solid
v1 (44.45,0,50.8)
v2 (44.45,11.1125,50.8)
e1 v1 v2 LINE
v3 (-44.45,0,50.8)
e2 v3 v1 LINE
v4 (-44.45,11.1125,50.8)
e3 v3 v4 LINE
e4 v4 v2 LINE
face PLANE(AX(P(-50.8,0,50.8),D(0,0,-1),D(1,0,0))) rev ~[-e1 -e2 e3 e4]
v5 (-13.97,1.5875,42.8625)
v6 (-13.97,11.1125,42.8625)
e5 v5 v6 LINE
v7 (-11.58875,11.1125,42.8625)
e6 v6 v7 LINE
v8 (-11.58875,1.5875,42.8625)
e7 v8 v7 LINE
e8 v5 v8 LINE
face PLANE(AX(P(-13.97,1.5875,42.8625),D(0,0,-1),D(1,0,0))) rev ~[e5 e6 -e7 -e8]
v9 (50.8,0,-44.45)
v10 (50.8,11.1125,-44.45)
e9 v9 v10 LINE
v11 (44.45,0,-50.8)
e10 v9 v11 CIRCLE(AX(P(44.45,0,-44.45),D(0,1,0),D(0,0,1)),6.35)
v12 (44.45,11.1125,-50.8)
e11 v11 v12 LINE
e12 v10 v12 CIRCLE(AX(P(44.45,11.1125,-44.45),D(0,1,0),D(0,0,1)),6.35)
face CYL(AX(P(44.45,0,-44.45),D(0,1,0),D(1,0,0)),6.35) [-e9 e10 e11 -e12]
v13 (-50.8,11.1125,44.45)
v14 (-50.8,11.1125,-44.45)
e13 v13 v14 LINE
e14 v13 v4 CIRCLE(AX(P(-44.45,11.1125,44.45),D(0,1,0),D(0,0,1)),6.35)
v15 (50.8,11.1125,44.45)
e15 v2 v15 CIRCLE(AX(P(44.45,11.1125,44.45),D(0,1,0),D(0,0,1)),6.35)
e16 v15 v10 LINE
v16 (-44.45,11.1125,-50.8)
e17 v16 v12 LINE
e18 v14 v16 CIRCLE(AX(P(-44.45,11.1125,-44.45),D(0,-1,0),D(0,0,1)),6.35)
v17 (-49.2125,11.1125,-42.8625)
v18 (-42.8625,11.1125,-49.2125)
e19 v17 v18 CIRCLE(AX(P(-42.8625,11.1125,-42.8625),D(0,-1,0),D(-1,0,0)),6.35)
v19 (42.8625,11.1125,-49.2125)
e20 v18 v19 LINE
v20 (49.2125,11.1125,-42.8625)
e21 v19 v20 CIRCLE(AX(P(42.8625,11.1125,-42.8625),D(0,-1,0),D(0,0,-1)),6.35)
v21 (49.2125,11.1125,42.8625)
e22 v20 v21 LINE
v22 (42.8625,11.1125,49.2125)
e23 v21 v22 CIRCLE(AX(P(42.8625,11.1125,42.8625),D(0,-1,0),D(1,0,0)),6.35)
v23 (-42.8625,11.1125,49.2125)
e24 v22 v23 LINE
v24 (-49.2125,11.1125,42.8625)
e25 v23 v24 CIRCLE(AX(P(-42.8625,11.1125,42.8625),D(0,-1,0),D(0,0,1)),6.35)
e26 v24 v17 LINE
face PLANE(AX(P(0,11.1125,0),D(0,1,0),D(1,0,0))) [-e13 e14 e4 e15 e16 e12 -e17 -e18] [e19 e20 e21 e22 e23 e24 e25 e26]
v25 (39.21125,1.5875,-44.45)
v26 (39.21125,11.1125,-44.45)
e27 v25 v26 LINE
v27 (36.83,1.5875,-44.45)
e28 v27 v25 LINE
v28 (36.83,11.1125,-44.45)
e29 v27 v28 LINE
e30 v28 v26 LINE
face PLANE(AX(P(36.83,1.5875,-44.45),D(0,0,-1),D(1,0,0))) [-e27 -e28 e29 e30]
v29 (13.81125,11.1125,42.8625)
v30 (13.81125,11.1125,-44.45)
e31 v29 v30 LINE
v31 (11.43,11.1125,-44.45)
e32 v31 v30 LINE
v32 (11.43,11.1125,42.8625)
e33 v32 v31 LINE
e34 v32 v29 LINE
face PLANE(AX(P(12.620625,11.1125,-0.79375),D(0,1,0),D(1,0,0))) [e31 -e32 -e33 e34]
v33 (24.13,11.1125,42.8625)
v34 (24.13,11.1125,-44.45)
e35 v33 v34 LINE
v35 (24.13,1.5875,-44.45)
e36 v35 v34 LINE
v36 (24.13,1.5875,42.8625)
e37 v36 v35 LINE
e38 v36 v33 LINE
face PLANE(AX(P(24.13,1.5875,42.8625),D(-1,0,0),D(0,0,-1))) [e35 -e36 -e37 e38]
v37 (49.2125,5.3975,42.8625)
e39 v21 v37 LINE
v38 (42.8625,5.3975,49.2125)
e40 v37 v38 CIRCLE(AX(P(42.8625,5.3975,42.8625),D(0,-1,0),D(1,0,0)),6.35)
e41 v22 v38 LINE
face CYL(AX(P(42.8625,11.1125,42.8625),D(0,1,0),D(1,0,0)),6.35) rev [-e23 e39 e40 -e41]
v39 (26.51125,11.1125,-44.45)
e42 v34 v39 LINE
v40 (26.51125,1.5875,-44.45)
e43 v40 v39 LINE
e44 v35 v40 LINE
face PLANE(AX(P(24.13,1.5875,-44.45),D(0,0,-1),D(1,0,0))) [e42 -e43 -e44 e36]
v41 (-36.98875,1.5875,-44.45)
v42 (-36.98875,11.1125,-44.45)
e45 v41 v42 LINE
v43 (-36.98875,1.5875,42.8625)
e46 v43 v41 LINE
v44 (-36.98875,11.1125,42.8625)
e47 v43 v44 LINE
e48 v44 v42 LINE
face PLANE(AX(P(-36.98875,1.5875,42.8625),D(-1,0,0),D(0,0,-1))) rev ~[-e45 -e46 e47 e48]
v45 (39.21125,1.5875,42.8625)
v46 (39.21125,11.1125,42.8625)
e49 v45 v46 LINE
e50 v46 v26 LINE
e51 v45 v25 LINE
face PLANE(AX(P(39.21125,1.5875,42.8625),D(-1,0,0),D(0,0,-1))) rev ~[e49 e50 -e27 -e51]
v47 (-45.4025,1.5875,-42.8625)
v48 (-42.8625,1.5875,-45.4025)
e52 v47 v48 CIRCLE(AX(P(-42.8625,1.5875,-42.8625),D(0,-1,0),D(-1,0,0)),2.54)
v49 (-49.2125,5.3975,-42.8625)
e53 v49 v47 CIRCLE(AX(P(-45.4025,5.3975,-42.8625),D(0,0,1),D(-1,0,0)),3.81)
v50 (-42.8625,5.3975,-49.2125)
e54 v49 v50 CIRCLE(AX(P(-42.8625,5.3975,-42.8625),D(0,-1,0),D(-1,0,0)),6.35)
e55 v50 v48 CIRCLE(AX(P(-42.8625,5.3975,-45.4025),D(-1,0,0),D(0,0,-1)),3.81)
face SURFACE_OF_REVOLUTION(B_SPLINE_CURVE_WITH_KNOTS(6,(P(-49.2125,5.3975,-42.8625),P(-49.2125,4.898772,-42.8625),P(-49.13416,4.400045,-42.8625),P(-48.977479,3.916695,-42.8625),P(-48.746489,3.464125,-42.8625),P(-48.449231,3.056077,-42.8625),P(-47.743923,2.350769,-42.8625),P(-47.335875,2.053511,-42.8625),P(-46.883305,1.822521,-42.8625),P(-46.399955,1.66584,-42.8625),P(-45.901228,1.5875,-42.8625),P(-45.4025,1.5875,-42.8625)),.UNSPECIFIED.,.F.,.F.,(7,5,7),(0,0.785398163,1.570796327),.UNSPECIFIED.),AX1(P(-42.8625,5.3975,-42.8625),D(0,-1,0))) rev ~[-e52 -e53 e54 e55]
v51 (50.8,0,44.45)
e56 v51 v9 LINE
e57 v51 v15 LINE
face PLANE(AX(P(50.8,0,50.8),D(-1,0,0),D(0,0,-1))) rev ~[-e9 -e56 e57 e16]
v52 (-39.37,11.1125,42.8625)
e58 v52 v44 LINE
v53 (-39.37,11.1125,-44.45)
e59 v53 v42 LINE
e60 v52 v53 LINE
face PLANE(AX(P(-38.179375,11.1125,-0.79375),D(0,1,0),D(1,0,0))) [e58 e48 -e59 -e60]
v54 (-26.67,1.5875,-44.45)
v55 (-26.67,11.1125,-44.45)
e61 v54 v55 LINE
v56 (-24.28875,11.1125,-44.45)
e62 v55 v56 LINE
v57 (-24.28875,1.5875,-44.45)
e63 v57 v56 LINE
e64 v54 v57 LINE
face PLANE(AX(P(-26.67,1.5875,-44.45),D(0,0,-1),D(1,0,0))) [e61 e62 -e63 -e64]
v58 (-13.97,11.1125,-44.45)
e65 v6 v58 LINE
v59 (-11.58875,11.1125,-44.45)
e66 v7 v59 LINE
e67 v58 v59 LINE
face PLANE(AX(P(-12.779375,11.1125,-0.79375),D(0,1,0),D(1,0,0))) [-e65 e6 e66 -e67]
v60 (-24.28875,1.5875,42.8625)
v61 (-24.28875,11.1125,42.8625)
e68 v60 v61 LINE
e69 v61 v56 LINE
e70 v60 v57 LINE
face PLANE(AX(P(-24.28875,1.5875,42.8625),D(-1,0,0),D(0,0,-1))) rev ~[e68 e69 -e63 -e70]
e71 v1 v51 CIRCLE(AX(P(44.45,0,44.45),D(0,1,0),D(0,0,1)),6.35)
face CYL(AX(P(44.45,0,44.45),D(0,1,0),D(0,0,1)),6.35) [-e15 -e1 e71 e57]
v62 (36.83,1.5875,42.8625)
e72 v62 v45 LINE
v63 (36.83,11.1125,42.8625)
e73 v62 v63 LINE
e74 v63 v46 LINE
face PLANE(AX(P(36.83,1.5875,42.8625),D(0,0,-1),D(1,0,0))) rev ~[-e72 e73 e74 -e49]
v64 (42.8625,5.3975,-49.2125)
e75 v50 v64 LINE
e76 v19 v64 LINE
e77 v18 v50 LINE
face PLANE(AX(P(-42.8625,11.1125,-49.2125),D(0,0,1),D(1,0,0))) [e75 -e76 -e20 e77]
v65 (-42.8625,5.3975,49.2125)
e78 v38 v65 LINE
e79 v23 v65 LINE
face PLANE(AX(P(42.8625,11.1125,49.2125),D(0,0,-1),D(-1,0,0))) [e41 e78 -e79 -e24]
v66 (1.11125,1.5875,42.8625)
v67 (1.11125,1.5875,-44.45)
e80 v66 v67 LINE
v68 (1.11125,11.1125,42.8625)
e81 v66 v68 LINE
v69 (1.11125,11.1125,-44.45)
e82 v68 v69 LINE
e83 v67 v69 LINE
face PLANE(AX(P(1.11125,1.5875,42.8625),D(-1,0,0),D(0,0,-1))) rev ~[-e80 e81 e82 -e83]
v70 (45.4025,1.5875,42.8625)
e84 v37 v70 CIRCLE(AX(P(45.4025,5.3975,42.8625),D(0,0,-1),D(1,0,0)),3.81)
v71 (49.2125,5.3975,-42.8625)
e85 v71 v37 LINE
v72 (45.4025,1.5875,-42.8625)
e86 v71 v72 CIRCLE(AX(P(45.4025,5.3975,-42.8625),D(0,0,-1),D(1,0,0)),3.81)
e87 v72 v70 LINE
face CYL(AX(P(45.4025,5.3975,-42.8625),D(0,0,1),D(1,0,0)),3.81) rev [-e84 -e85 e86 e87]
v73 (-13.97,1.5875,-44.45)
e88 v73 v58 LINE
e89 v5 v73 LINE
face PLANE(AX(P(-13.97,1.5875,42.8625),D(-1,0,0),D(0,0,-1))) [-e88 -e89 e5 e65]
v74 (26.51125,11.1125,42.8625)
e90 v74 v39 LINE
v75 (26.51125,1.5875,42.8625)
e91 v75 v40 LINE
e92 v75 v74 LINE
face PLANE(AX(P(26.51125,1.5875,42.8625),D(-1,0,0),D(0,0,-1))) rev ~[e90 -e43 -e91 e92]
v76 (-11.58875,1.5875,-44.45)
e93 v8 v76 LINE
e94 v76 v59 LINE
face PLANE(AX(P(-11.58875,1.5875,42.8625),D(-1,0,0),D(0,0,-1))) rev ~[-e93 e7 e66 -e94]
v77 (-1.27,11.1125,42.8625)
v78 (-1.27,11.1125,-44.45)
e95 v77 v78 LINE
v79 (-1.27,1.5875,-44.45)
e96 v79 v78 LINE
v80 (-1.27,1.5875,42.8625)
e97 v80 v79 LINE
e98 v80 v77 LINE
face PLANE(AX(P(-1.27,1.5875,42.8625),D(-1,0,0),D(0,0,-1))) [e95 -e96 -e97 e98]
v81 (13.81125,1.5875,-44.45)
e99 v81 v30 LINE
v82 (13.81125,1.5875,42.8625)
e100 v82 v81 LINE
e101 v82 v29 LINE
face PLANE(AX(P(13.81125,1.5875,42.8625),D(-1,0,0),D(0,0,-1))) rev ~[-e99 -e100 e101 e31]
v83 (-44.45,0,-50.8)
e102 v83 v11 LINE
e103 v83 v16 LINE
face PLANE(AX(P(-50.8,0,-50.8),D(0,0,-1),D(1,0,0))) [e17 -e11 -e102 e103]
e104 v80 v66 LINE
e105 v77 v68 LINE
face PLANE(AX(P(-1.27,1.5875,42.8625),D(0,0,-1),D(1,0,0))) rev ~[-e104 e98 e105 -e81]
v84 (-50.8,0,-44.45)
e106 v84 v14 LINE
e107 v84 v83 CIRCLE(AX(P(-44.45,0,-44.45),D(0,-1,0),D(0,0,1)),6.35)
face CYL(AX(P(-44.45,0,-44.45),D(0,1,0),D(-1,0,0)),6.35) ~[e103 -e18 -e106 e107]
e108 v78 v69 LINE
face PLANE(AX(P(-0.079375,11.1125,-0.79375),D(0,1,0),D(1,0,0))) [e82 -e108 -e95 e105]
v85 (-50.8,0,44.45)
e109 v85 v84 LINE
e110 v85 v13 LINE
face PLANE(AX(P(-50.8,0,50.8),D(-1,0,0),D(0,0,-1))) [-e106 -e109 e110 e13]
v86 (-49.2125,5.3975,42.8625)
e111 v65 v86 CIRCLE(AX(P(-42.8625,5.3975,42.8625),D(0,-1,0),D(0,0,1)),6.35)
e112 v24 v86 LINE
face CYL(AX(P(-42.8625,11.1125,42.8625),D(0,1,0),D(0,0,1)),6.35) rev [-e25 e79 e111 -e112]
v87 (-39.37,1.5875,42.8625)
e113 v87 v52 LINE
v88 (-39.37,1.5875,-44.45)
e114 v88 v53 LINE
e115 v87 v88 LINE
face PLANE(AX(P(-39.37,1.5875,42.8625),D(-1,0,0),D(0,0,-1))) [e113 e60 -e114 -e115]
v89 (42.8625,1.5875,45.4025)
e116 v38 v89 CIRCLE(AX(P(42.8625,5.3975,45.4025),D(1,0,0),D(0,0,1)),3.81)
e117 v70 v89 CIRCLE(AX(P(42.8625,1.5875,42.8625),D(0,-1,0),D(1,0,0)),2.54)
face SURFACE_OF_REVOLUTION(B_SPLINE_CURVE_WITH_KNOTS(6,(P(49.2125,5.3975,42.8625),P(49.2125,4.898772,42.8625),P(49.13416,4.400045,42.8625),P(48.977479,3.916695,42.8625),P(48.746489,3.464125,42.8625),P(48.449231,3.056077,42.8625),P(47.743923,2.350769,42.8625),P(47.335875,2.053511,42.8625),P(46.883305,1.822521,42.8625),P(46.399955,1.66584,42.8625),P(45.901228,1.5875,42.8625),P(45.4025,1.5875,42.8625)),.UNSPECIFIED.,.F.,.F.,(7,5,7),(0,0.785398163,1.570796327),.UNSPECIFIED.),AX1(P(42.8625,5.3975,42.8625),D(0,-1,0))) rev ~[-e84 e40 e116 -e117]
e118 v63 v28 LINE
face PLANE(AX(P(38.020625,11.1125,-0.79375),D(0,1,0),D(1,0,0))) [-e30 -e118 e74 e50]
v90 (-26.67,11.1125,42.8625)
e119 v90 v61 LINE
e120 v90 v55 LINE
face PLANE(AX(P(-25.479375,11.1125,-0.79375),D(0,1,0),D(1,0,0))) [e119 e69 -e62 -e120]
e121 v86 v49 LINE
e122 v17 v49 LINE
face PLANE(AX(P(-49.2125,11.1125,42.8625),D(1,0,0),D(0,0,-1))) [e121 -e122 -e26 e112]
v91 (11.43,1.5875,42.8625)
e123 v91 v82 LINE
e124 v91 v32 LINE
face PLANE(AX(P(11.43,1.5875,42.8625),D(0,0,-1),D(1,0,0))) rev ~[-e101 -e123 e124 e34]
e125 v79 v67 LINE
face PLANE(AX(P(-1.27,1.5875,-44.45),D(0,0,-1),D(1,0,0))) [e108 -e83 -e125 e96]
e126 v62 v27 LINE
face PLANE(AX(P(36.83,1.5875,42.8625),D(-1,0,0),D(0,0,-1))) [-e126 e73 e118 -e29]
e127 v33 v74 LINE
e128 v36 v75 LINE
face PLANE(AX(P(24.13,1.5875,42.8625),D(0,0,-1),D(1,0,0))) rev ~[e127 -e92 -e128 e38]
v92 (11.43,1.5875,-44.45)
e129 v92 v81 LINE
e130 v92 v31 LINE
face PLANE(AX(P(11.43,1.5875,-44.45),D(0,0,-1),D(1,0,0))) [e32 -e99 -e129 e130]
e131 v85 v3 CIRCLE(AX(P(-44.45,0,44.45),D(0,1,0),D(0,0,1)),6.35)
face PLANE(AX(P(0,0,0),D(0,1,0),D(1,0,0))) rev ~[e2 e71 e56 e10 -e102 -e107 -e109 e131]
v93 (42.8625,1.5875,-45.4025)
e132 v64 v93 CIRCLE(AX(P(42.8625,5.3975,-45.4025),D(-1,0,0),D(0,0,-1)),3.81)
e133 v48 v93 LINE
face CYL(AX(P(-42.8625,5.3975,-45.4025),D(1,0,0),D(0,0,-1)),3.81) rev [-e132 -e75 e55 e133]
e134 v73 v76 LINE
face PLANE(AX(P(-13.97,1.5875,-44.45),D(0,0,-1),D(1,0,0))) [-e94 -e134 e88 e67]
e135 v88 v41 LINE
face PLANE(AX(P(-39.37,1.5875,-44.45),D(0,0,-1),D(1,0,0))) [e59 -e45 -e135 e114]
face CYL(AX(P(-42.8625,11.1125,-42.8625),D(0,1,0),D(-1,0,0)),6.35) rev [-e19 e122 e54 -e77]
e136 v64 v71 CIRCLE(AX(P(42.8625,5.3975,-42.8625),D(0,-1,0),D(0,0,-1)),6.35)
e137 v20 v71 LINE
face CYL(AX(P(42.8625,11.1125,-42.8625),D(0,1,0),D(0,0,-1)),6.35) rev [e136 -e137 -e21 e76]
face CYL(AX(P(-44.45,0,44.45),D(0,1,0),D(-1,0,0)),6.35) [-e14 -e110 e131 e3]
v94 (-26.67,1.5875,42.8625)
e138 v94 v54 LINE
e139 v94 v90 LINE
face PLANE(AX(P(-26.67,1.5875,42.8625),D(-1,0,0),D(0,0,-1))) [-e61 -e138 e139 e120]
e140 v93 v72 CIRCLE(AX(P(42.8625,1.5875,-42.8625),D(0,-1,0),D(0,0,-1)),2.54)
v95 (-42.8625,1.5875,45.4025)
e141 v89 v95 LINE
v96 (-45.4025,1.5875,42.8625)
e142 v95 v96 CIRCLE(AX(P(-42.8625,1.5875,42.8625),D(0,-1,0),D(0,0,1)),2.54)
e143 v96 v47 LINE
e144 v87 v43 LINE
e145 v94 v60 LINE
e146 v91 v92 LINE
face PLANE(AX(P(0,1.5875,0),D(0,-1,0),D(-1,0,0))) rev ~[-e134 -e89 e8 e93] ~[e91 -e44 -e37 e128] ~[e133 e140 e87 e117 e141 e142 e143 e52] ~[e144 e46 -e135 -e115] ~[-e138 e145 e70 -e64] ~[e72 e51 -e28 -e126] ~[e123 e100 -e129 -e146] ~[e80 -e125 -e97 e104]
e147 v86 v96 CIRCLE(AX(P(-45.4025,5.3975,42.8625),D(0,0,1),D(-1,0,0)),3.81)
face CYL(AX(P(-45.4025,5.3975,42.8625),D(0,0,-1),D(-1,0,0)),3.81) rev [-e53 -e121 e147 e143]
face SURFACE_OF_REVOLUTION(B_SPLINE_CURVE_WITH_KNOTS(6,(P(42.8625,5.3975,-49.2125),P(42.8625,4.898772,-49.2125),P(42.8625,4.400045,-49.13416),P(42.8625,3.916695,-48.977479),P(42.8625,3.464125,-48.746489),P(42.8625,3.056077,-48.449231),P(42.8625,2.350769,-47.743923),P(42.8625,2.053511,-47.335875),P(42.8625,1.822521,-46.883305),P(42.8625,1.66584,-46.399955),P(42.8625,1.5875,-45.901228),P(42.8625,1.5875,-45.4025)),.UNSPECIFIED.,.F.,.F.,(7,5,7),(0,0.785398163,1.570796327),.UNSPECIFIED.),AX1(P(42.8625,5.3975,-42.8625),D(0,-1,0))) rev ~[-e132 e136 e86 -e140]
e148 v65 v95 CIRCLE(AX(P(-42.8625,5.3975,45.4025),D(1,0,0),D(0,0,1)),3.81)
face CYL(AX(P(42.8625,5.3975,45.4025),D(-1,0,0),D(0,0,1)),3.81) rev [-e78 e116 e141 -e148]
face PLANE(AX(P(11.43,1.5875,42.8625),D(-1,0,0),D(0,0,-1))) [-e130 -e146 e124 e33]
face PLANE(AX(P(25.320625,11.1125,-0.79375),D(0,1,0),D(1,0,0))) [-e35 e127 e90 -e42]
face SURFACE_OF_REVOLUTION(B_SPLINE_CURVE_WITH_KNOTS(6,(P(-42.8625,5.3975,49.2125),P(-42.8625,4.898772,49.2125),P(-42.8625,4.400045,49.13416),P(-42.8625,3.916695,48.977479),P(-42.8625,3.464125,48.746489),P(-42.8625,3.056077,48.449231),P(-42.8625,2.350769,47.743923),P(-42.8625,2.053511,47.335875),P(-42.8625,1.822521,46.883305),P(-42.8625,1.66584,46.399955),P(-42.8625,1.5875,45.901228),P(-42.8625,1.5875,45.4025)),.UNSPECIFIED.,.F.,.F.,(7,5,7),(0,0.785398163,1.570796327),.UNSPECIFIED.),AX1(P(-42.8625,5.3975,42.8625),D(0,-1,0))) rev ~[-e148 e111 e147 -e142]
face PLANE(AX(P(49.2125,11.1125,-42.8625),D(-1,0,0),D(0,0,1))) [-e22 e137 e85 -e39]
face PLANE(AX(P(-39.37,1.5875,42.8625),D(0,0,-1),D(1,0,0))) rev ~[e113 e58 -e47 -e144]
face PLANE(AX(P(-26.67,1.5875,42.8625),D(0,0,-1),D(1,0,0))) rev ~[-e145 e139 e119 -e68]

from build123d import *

# Parameters (mm, degrees)
ESQUISSE1_W                = 101.6
ESQUISSE1_H                = 101.6
BOSS_EXTRU_1_DEPTH         = 11.1125
CONG_1_R                   = 6.35
ENL_V_MAT_EXTRU_1_DEPTH    = 9.525
ESQUISSE4_W                = 2.38125
ESQUISSE4_H                = 87.3125
BOSS_EXTRU_3_DEPTH         = 9.525
R_P_TITION_LIN_AIRE1_COUNT = 7
R_P_TITION_LIN_AIRE1_PITCH = 12.7
CONG_2_R                   = 3.81


with BuildPart() as part:
    # Esquisse1 → Boss.-Extru.1 (new body)
    with BuildSketch(Plane(origin=(0, 0, 0), x_dir=(1, 0, 0), z_dir=(0, 1, 0))):
        Rectangle(ESQUISSE1_W, ESQUISSE1_H)
    extrude(amount=BOSS_EXTRU_1_DEPTH)

    # Congé1
    cong_1_edges = [part.edges().sort_by_distance(p)[0] for p in [
        (50.8, 5.55625, 50.8),
        (-50.8, 5.55625, 50.8),
        (-50.8, 5.55625, -50.8),
        (50.8, 5.55625, -50.8),
    ]]
    fillet(cong_1_edges, radius=CONG_1_R)

    # Esquisse2 → Enlèv. mat.-Extru.1 (cut)
    with BuildSketch(Plane(origin=(0, 11.1125, 0), x_dir=(1, 0, 0), z_dir=(0, 1, 0))):
        with BuildLine():
            Line((-42.8625, 49.2125), (42.8625, 49.2125))
            ThreePointArc((42.8625, 49.2125), (47.352628061, 47.352628061), (49.2125, 42.8625))
            Line((49.2125, 42.8625), (49.2125, -42.8625))
            ThreePointArc((49.2125, -42.8625), (47.352628061, -47.352628061), (42.8625, -49.2125))
            Line((42.8625, -49.2125), (-42.8625, -49.2125))
            ThreePointArc((-42.8625, -49.2125), (-47.352628061, -47.352628061), (-49.2125, -42.8625))
            Line((-49.2125, -42.8625), (-49.2125, 42.8625))
            ThreePointArc((-49.2125, 42.8625), (-47.352628061, 47.352628061), (-42.8625, 49.2125))
        make_face()
    extrude(amount=-ENL_V_MAT_EXTRU_1_DEPTH, mode=Mode.SUBTRACT)

    # Esquisse4 → Boss.-Extru.3 (add)
    with BuildSketch(Plane(origin=(0, 1.5875, 0), x_dir=(1, 0, 0), z_dir=(0, 1, 0))):
        with Locations((-38.179375, 0.79375)):
            Rectangle(ESQUISSE4_W, ESQUISSE4_H)
    boss_extru_3 = extrude(amount=BOSS_EXTRU_3_DEPTH)

    # Répétition linéaire1: Boss.-Extru.3 ×7
    with Locations(*[(i * R_P_TITION_LIN_AIRE1_PITCH, 0, 0) for i in range(1, R_P_TITION_LIN_AIRE1_COUNT)]):
        add(boss_extru_3)

    # Congé2
    cong_2_edges = [part.edges().sort_by_distance(p)[0] for p in [
        (-47.352628061, 1.5875, 47.352628061),
        (-49.2125, 1.5875, 0),
        (-47.352628061, 1.5875, -47.352628061),
        (0, 1.5875, -49.2125),
        (47.352628061, 1.5875, -47.352628061),
        (49.2125, 1.5875, 0),
        (47.352628061, 1.5875, 47.352628061),
        (0, 1.5875, 49.2125),
    ]]
    fillet(cong_2_edges, radius=CONG_2_R)


solid = part.part
